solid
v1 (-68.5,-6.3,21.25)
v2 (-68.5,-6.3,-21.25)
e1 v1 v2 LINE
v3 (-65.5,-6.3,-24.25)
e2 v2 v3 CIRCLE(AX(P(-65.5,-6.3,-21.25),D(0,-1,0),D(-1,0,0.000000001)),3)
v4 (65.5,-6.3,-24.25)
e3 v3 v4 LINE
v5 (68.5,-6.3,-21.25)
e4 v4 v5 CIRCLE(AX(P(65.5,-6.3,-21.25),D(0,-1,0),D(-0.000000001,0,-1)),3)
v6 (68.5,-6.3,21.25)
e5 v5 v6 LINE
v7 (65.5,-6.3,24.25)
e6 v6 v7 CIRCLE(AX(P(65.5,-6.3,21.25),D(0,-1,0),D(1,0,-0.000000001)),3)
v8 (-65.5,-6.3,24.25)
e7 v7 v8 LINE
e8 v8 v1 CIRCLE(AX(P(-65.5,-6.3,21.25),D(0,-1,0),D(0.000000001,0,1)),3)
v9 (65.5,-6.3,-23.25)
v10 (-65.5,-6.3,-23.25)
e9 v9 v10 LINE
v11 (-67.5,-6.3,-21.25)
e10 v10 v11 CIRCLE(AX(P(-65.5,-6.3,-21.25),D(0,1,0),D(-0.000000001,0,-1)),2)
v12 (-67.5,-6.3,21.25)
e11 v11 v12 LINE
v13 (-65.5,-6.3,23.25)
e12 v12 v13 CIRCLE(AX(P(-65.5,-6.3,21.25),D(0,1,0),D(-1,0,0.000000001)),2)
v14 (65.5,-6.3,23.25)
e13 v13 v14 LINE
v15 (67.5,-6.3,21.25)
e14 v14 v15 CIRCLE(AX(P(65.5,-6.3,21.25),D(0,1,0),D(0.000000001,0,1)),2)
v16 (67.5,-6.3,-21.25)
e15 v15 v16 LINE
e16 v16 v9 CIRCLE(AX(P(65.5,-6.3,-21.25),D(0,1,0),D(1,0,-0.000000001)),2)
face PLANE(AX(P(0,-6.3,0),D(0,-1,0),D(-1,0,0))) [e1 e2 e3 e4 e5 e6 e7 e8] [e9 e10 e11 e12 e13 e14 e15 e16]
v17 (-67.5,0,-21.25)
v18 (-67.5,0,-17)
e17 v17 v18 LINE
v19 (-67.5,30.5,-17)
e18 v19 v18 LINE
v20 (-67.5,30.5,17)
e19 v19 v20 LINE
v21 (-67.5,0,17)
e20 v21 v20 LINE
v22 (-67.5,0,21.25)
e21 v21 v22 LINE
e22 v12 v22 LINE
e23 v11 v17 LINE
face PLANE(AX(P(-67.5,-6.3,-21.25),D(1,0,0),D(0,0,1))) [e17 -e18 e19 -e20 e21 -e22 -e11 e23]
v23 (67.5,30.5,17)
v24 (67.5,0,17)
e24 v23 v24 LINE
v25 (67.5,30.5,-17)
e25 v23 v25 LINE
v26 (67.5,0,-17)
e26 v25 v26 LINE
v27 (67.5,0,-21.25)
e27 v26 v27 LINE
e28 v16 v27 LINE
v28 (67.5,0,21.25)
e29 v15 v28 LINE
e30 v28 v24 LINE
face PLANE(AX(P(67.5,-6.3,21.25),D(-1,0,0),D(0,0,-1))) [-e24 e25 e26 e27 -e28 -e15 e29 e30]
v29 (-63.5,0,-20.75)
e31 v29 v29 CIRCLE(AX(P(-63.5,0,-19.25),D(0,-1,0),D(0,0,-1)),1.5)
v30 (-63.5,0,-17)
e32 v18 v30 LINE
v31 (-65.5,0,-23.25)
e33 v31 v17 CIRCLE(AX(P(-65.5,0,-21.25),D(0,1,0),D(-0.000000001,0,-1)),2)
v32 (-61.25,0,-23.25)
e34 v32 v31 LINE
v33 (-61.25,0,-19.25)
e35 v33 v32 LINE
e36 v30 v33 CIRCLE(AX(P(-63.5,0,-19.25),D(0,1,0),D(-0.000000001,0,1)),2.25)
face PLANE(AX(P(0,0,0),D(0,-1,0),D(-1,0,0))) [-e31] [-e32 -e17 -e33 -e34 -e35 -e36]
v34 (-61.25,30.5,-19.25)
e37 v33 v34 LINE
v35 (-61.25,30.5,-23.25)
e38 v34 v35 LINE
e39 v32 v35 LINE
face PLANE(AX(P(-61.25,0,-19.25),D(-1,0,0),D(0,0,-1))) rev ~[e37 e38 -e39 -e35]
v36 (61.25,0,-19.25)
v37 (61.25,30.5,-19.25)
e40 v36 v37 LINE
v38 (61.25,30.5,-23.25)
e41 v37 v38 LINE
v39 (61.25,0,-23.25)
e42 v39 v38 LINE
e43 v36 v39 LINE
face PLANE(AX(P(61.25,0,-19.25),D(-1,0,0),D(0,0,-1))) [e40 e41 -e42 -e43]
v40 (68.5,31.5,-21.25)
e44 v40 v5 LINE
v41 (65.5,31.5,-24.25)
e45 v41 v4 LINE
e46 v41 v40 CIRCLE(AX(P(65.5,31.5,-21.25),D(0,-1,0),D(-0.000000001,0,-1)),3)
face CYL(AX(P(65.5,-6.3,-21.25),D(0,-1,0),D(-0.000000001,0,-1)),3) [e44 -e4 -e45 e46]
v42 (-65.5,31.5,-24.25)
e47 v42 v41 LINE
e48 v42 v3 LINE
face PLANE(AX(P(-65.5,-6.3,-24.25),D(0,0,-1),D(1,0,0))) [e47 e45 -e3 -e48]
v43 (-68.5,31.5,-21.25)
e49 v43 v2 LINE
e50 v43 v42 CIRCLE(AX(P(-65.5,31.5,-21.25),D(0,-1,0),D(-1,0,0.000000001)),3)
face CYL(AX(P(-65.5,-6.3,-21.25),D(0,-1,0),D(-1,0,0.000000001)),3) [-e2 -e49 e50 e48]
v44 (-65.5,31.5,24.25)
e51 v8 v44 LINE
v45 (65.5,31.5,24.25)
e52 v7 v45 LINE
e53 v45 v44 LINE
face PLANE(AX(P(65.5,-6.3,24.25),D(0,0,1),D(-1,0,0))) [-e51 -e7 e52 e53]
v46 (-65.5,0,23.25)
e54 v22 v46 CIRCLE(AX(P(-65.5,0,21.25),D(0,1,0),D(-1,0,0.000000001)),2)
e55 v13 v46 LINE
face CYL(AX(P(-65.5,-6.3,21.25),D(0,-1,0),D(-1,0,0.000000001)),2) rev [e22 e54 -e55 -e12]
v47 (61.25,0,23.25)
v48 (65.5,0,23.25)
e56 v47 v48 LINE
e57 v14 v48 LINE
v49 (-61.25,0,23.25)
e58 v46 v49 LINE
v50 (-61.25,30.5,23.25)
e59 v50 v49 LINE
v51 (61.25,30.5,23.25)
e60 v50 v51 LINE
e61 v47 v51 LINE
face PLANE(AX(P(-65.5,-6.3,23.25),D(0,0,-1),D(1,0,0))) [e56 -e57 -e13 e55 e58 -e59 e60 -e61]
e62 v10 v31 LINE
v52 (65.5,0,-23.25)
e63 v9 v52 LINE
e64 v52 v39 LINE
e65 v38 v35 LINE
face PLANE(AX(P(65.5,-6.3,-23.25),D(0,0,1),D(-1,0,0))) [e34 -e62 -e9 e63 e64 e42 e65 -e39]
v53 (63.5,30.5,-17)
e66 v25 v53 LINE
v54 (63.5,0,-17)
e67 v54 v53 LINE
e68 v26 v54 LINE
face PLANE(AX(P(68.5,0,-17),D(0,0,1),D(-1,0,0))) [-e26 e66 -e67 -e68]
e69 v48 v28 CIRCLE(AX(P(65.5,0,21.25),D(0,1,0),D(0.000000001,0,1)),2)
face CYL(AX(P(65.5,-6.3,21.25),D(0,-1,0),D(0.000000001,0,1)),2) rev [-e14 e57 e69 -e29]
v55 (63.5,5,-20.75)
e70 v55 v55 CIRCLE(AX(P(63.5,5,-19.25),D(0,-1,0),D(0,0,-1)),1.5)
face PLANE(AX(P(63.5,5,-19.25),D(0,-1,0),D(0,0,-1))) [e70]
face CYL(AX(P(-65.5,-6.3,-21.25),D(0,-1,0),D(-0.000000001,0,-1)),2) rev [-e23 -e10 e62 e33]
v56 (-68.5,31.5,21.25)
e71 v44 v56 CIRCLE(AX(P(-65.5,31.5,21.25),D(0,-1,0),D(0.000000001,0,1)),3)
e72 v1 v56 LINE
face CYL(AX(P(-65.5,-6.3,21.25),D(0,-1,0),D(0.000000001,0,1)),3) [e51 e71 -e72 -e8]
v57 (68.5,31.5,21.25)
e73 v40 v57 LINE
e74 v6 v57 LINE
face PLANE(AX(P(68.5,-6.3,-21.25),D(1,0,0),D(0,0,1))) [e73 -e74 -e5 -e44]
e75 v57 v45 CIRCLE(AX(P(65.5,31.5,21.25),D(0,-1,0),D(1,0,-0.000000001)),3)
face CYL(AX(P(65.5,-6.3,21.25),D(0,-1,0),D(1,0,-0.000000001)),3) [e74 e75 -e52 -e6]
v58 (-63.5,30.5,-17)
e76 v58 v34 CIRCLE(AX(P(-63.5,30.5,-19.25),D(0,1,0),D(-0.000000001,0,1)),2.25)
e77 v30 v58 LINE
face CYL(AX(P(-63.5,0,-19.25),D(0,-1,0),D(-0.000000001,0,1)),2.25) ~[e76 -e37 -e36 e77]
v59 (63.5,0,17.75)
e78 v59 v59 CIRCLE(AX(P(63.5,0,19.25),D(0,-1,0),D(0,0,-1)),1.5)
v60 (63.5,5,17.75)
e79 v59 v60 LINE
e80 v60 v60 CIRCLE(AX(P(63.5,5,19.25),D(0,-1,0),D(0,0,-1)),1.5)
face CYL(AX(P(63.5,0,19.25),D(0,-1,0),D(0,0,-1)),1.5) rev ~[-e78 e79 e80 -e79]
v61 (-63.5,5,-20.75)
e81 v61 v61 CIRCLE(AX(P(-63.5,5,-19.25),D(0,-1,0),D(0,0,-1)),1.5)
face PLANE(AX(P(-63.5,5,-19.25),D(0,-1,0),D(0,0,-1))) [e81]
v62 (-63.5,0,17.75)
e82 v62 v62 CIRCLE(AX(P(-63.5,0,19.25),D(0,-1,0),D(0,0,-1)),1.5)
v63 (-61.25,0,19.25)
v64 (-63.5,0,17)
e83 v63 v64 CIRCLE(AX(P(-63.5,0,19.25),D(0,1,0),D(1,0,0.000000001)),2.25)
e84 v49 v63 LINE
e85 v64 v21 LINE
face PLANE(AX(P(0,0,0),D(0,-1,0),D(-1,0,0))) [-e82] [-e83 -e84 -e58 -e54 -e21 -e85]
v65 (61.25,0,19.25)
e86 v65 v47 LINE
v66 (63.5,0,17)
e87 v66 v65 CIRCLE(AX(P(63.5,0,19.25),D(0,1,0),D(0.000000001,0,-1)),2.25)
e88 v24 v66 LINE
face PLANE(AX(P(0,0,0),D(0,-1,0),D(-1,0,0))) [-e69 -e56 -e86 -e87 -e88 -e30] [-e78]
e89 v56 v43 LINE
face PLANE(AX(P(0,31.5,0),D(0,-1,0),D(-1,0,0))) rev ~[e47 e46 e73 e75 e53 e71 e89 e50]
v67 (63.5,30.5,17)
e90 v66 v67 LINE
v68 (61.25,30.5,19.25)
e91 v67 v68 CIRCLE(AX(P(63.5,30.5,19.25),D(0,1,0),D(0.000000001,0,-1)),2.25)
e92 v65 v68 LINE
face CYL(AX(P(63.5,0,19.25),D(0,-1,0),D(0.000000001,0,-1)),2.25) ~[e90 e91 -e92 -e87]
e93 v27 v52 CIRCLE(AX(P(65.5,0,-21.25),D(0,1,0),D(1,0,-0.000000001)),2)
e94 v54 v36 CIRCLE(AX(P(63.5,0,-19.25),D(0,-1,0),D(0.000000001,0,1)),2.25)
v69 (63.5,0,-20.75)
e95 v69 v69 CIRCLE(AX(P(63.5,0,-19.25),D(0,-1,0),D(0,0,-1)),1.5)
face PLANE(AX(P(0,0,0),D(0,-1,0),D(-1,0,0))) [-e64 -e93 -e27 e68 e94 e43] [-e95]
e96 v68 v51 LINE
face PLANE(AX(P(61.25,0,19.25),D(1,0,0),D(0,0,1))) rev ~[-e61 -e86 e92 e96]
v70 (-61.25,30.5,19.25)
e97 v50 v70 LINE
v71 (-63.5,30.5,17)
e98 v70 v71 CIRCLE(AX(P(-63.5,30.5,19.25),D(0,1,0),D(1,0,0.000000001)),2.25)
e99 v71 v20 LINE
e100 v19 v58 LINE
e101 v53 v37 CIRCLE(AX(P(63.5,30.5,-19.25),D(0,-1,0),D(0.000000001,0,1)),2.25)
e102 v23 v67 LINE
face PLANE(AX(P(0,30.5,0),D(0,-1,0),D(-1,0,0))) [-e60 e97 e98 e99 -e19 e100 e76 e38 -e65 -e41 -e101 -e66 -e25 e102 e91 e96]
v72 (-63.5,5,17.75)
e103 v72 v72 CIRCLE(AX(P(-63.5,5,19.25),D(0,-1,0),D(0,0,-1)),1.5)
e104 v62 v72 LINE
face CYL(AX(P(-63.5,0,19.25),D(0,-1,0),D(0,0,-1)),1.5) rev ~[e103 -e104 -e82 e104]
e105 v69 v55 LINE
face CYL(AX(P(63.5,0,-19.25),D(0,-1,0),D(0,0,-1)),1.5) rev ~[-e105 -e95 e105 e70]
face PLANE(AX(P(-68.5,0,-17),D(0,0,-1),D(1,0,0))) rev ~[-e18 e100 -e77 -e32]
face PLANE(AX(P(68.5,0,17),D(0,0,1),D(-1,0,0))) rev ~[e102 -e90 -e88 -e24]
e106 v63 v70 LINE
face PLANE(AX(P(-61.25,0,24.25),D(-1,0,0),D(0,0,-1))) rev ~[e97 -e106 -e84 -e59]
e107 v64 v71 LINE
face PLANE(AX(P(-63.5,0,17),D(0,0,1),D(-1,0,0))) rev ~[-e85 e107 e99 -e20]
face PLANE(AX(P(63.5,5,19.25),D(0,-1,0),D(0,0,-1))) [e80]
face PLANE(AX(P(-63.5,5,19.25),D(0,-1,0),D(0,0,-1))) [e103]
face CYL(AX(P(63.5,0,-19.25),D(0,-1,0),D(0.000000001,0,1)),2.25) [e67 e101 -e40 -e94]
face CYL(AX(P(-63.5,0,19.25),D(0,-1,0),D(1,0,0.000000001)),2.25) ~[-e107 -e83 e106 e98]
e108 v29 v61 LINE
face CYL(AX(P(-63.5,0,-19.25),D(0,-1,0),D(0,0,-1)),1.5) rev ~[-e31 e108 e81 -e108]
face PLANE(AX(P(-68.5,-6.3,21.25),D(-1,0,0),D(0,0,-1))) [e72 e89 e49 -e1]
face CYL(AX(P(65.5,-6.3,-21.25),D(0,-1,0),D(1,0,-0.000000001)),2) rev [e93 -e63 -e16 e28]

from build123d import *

# Parameters (mm, degrees)
BOSS_EXTRUDE1_DEPTH = 31.5
SHELL1_T            = -1
BOSS_EXTRUDE2_DEPTH = 30.5
BOSS_EXTRUDE4_START = -6.3
BOSS_EXTRUDE4_DEPTH = 6.3
SKETCH5_R           = 1.5
CUT_EXTRUDE2_DEPTH  = 5


with BuildPart() as part:
    # Sketch1 → Boss-Extrude1 (new body)
    with BuildSketch(Plane(origin=(0, 0, 0), x_dir=(1, 0, 0), z_dir=(0, 1, 0))):
        with BuildLine():
            Line((-68.5, -21.25), (-68.5, 21.25))
            ThreePointArc((-68.5, 21.25), (-67.621320344, 23.371320344), (-65.5, 24.25))
            Line((-65.5, 24.25), (65.5, 24.25))
            ThreePointArc((65.5, 24.25), (67.621320344, 23.371320344), (68.5, 21.25))
            Line((68.5, 21.25), (68.5, -21.25))
            ThreePointArc((68.5, -21.25), (67.621320344, -23.371320344), (65.5, -24.25))
            Line((65.5, -24.25), (-65.5, -24.25))
            ThreePointArc((-65.5, -24.25), (-67.621320344, -23.371320344), (-68.5, -21.25))
        make_face()
    extrude(amount=BOSS_EXTRUDE1_DEPTH)

    # Shell1
    shell1_openings = [part.faces().sort_by_distance(p)[0] for p in [
        (0, 0, 0),
    ]]
    offset(amount=SHELL1_T, openings=shell1_openings, kind=Kind.INTERSECTION)

    # Sketch2 → Boss-Extrude2 (add)
    with BuildSketch(Plane(origin=(0, 0, 0), x_dir=(1, 0, 0), z_dir=(0, 1, 0))):
        with BuildLine():
            Line((-68.5, 21.25), (-68.5, 17))
            Line((-68.5, 17), (-63.5, 17))
            ThreePointArc((-63.5, 17), (-61.909009742, 17.659009742), (-61.25, 19.25))
            Line((-61.25, 19.25), (-61.25, 24.25))
            Line((-61.25, 24.25), (-65.5, 24.25))
            ThreePointArc((-65.5, 24.25), (-67.621320344, 23.371320344), (-68.5, 21.25))
        make_face()
        with BuildLine():
            Line((-65.5, -24.25), (-61.25, -24.25))
            Line((-61.25, -24.25), (-61.25, -19.25))
            ThreePointArc((-61.25, -19.25), (-61.909009742, -17.659009742), (-63.5, -17))
            Line((-63.5, -17), (-68.5, -17))
            Line((-68.5, -17), (-68.5, -21.25))
            ThreePointArc((-68.5, -21.25), (-67.621320344, -23.371320344), (-65.5, -24.25))
        make_face()
        with BuildLine():
            Line((68.5, 21.25), (68.5, 17))
            Line((68.5, 17), (63.5, 17))
            ThreePointArc((63.5, 17), (61.909009742, 17.659009742), (61.25, 19.25))
            Line((61.25, 19.25), (61.25, 24.25))
            Line((61.25, 24.25), (65.5, 24.25))
            ThreePointArc((65.5, 24.25), (67.621320344, 23.371320344), (68.5, 21.25))
        make_face()
        with BuildLine():
            Line((61.25, -19.25), (61.25, -24.25))
            Line((61.25, -24.25), (65.5, -24.25))
            ThreePointArc((65.5, -24.25), (67.621320344, -23.371320344), (68.5, -21.25))
            Line((68.5, -21.25), (68.5, -17))
            Line((68.5, -17), (63.5, -17))
            ThreePointArc((63.5, -17), (61.909009742, -17.659009742), (61.25, -19.25))
        make_face()
    extrude(amount=BOSS_EXTRUDE2_DEPTH)

    # Sketch4 → Boss-Extrude4 (add)
    with BuildSketch(Plane(origin=(0, 0, 0), x_dir=(1, 0, 0), z_dir=(0, 1, 0)).offset(BOSS_EXTRUDE4_START)):
        with BuildLine():
            Line((-68.5, -21.25), (-68.5, 21.25))
            ThreePointArc((-68.5, 21.25), (-67.621320344, 23.371320344), (-65.5, 24.25))
            Line((-65.5, 24.25), (65.5, 24.25))
            ThreePointArc((65.5, 24.25), (67.621320344, 23.371320344), (68.5, 21.25))
            Line((68.5, 21.25), (68.5, -21.25))
            ThreePointArc((68.5, -21.25), (67.621320344, -23.371320344), (65.5, -24.25))
            Line((65.5, -24.25), (-65.5, -24.25))
            ThreePointArc((-65.5, -24.25), (-67.621320344, -23.371320344), (-68.5, -21.25))
        make_face()
        with BuildLine():
            Line((-65.5, -23.25), (65.5, -23.25))
            ThreePointArc((65.5, -23.25), (66.914213562, -22.664213562), (67.5, -21.25))
            Line((67.5, -21.25), (67.5, 21.25))
            ThreePointArc((67.5, 21.25), (66.914213562, 22.664213562), (65.5, 23.25))
            Line((65.5, 23.25), (-65.5, 23.25))
            ThreePointArc((-65.5, 23.25), (-66.914213562, 22.664213562), (-67.5, 21.25))
            Line((-67.5, 21.25), (-67.5, -21.25))
            ThreePointArc((-67.5, -21.25), (-66.914213562, -22.664213562), (-65.5, -23.25))
        make_face(mode=Mode.SUBTRACT)
    extrude(amount=BOSS_EXTRUDE4_DEPTH)

    # Sketch5 → Cut-Extrude2 (cut)
    with BuildSketch(Plane.XZ):
        with Locations(Location((-63.5, 19.25, 0), (0, 0, 270))):
            Circle(SKETCH5_R)
        with Locations(Location((-63.5, -19.25, 0), (0, 0, 270))):
            Circle(SKETCH5_R)
        with Locations(Location((63.5, 19.25, 0), (0, 0, 270))):
            Circle(SKETCH5_R)
        with Locations(Location((63.5, -19.25, 0), (0, 0, 270))):
            Circle(SKETCH5_R)
    extrude(amount=-CUT_EXTRUDE2_DEPTH, mode=Mode.SUBTRACT)


solid = part.part
